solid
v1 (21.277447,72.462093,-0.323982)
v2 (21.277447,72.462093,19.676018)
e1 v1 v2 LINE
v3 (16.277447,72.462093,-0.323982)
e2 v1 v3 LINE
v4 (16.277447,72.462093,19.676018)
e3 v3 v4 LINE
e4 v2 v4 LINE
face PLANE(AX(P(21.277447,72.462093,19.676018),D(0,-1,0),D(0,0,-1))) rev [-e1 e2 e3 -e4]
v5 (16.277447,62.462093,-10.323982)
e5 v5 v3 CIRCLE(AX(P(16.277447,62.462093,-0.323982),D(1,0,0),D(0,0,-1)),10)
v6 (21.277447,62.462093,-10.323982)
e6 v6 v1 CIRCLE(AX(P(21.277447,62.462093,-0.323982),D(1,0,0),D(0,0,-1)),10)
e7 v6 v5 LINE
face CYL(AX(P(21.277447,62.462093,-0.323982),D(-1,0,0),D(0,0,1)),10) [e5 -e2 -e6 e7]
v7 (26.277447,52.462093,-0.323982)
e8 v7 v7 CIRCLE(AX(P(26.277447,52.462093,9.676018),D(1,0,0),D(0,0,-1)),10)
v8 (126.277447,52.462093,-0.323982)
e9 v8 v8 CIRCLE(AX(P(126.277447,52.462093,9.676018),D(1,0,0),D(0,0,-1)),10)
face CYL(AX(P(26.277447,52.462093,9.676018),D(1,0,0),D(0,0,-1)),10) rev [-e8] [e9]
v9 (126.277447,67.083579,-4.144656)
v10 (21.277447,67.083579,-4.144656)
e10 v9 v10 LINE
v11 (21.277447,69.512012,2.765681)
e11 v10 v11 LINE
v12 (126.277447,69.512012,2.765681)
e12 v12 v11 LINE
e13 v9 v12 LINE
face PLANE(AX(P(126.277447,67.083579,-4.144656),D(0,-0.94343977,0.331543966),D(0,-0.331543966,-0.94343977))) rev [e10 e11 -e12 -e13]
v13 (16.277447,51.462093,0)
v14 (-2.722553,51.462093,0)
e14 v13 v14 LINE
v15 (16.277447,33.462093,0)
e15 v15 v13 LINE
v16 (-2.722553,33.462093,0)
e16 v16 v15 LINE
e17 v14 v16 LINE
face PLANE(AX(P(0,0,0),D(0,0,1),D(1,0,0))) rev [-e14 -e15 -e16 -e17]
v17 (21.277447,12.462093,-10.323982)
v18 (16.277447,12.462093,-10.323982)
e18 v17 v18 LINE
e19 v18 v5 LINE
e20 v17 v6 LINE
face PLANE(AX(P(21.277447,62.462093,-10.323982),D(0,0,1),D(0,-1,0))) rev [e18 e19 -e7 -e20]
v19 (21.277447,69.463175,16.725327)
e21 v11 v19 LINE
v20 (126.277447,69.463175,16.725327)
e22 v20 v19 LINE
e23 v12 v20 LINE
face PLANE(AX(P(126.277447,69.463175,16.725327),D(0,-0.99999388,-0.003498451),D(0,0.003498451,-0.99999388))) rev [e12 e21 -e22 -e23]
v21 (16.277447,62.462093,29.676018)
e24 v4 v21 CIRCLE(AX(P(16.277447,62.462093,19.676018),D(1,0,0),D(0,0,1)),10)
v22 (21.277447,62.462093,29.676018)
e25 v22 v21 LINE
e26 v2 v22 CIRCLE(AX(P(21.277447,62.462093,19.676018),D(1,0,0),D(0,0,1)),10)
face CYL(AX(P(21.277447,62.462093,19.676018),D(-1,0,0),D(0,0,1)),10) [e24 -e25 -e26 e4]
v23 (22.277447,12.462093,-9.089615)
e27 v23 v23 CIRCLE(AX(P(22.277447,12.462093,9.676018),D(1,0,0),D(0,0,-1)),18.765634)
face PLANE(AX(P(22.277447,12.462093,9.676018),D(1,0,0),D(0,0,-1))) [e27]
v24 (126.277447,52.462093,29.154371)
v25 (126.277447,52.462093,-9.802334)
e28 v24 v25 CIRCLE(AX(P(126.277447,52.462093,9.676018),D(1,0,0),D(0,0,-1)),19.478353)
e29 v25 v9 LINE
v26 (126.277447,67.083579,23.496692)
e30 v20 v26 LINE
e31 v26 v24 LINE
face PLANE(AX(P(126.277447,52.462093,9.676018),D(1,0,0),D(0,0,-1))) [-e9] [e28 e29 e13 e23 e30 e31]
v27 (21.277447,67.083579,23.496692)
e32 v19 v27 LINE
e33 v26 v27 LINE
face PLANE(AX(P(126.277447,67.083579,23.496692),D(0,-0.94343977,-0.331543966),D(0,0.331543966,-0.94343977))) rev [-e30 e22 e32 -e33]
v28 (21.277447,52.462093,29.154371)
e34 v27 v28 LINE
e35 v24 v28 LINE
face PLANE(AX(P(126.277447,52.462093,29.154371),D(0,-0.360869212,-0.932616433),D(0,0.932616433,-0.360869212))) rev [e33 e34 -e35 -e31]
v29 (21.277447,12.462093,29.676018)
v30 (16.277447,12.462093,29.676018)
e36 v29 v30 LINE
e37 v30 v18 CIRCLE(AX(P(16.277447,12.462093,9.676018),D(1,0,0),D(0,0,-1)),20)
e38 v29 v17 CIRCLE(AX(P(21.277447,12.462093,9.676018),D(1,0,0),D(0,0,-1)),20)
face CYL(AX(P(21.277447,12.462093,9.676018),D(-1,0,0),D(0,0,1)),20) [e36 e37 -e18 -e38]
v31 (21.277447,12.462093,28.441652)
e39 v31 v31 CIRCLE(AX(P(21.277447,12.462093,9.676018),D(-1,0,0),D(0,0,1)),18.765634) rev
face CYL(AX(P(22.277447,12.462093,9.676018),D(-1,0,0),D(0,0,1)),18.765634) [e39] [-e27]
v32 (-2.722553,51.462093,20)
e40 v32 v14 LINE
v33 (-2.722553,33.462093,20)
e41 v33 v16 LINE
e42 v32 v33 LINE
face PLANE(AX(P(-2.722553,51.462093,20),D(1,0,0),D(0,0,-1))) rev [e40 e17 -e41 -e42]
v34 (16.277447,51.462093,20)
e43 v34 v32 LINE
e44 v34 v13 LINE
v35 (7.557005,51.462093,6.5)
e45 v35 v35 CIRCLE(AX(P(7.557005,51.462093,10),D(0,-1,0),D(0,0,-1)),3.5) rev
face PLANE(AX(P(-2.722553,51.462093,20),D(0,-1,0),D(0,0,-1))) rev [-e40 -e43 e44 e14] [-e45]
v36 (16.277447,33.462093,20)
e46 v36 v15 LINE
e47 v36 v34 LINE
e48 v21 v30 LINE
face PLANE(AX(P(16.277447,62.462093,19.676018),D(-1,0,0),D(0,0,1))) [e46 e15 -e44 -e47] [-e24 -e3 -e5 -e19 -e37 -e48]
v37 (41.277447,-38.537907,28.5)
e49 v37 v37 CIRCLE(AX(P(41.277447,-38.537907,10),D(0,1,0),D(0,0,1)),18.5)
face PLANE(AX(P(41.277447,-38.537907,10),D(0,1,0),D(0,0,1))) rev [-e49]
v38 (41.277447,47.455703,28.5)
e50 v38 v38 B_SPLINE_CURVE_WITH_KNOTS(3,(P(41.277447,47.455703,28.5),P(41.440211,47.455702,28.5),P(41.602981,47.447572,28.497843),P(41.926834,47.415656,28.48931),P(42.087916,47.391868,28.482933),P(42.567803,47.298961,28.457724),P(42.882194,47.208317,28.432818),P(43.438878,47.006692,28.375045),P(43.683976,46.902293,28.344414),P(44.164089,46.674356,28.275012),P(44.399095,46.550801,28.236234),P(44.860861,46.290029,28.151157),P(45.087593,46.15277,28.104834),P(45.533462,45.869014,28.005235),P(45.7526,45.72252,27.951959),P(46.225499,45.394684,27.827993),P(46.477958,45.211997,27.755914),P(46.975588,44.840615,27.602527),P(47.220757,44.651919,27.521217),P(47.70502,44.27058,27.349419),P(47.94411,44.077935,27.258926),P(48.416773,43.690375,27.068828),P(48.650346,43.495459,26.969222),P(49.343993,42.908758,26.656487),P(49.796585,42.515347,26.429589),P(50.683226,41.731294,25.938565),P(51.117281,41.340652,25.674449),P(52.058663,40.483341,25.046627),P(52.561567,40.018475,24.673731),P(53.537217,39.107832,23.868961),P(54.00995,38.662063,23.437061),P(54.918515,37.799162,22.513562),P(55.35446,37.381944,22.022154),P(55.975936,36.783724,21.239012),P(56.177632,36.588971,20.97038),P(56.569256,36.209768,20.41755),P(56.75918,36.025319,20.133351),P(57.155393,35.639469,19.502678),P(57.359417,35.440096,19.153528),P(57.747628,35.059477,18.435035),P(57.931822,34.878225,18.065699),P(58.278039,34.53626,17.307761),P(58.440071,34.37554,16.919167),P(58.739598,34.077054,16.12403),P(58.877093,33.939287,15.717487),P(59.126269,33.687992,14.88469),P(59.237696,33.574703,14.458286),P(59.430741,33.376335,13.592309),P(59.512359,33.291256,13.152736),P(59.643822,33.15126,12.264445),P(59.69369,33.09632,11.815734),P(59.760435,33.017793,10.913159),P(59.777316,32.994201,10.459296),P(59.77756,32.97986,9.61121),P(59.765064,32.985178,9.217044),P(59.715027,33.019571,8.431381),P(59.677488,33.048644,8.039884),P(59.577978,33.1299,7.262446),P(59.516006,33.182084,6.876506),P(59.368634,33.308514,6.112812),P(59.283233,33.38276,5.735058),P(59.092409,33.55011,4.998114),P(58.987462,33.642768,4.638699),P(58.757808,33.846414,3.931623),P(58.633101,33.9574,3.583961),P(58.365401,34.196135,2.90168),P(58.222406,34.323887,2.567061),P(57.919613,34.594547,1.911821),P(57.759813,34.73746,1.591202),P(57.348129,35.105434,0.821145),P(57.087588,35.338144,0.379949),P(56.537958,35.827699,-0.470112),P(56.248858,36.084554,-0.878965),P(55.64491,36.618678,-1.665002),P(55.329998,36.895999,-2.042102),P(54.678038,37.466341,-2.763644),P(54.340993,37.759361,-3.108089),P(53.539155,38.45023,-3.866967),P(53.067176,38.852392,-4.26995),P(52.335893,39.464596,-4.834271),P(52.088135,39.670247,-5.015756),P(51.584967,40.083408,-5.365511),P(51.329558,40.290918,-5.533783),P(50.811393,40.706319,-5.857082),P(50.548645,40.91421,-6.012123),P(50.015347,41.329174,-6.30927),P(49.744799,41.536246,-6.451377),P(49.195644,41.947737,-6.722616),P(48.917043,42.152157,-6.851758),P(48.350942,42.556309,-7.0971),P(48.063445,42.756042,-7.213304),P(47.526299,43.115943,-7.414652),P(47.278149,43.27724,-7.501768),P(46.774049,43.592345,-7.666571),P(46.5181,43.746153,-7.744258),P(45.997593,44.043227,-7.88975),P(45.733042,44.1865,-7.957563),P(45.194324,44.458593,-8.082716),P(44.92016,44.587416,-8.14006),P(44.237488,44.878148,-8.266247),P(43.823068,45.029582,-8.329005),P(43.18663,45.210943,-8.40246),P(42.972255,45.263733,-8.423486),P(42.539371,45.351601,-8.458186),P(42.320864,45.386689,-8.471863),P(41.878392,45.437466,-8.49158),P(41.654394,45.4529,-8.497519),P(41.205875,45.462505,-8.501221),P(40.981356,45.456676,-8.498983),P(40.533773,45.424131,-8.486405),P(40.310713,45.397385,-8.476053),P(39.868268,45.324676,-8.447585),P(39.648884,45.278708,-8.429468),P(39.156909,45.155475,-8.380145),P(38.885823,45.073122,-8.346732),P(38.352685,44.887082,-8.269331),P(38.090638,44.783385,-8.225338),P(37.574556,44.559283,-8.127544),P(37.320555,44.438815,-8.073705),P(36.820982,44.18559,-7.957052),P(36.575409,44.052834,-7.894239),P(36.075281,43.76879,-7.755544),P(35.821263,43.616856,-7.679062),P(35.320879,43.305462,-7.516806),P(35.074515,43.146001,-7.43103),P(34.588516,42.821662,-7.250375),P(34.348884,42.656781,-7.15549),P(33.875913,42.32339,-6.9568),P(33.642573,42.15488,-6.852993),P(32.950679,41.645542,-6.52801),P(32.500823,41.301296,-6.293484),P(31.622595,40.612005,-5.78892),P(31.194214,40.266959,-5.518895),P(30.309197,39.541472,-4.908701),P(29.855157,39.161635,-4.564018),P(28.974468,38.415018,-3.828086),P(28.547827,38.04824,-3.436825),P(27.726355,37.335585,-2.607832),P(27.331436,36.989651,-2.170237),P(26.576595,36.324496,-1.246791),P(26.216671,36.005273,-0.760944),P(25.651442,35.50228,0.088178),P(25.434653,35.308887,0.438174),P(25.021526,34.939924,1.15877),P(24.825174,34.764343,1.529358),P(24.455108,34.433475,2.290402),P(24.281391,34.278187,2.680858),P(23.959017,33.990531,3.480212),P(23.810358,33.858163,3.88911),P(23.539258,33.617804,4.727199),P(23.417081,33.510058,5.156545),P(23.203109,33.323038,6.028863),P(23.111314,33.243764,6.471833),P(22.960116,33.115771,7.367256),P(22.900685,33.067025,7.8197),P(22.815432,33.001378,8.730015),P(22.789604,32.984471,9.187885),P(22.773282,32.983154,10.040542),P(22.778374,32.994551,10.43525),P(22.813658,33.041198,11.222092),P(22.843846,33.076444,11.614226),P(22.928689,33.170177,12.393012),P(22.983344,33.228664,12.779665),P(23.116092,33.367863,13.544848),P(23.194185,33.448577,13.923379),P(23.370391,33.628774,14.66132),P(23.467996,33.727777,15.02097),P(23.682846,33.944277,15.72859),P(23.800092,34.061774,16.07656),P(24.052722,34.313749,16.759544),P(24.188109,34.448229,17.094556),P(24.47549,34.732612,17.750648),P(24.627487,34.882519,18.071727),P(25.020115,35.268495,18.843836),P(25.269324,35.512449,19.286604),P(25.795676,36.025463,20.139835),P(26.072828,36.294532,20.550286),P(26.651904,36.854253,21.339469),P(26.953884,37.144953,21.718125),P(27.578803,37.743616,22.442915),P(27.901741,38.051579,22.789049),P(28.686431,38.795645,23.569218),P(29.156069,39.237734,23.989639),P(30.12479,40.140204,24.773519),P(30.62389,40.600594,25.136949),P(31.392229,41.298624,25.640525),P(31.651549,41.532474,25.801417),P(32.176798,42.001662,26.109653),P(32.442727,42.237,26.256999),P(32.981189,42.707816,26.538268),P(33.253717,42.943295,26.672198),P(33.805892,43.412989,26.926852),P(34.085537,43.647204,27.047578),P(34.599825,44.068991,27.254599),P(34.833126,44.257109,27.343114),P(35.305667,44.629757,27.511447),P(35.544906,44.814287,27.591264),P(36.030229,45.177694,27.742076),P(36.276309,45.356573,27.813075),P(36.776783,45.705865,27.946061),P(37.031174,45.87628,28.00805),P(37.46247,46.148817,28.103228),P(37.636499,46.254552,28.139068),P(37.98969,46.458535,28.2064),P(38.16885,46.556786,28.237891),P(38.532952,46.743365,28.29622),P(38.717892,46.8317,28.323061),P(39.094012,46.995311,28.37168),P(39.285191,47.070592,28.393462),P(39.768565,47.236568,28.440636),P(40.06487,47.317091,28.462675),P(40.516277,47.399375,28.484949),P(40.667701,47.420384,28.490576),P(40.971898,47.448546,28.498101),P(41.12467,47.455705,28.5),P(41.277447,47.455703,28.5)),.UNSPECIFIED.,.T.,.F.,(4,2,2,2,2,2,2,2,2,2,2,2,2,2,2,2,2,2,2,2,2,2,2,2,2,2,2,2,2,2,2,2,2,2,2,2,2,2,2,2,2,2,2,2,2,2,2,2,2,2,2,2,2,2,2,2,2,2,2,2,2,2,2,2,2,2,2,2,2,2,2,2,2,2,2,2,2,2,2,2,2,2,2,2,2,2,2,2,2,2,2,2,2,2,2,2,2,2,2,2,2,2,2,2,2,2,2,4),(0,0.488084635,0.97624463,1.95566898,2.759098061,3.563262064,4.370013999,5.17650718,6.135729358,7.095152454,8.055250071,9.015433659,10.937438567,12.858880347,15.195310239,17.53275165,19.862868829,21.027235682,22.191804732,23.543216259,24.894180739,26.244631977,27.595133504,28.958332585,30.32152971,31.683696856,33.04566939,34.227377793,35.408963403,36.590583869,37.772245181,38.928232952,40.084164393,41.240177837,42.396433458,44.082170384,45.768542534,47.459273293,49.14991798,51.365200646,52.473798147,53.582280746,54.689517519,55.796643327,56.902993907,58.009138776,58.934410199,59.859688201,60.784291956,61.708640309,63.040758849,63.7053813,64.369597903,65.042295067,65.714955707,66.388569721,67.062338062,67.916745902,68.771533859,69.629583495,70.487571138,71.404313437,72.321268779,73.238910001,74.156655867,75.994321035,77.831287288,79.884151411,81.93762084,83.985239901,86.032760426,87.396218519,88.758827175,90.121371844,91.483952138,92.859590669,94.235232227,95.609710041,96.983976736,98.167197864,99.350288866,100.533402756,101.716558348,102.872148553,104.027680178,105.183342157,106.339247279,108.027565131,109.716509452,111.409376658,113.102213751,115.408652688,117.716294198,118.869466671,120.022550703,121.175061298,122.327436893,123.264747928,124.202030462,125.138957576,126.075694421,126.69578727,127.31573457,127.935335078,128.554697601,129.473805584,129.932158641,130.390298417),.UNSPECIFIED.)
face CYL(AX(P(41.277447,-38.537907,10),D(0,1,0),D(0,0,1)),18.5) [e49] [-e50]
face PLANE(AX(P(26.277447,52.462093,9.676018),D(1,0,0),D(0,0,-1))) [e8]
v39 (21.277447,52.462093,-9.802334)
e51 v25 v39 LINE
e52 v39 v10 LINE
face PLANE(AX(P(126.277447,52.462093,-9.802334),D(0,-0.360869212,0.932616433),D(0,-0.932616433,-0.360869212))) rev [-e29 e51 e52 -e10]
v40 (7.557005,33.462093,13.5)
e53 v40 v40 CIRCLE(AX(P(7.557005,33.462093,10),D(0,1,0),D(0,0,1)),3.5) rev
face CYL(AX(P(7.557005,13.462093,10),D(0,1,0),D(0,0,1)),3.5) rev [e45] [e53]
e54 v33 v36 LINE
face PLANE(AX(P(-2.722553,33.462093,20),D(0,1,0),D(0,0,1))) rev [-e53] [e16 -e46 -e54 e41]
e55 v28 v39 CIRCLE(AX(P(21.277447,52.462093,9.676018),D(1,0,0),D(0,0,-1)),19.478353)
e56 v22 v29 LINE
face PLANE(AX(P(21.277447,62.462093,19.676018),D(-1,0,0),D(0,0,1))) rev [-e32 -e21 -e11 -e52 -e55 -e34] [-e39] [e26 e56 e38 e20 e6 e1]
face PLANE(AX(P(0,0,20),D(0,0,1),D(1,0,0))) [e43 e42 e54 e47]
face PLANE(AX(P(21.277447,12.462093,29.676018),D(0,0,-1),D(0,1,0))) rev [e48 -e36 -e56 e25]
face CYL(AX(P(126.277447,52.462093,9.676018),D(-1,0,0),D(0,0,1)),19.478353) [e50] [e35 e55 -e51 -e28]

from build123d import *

# Parameters (mm, degrees)
SKETCH_1_W               = 19
SKETCH_1_H               = 18
EXTRUDE_1_DEPTH          = 20
EXTRUDE_2_DEPTH          = 5
SKETCH_4_R               = 18.765633517
EXTRUDE_4_DEPTH          = 1
EXTRUDE_5_DEPTH          = 105
SKETCH_12_R              = 18.5
EXTRUDE_13_DEPTH         = 90
SKETCH_13_R              = 3.5
CUT_EXTRUDE_2_DEPTH      = 20
CUT_EXTRUDE_2_DEPTH_BACK = 40
SKETCH_6_R               = 10
CUT_EXTRUDE_3_DEPTH      = 100


with BuildPart() as part:
    # 草图1 → 凸台-拉伸1 (new body)
    with BuildSketch(Plane.XY):
        with Locations((6.777447397, 42.462092888)):
            Rectangle(SKETCH_1_W, SKETCH_1_H)
    extrude(amount=EXTRUDE_1_DEPTH)

    # 草图2 → 凸台-拉伸2 (add)
    with BuildSketch(Plane(origin=(16.277447397, 0, 0), x_dir=(0, 0, -1), z_dir=(1, 0, 0))):
        with BuildLine():
            Line((-29.676018319, 12.462092888), (-29.676018319, 42.462092888))
            Line((-29.676018319, 42.462092888), (-29.676018319, 62.462092888))
            ThreePointArc((-29.676018319, 62.462092888), (-26.747086131, 69.5331607), (-19.676018319, 72.462092888))
            Line((-19.676018319, 72.462092888), (0.323981681, 72.462092888))
            ThreePointArc((0.323981681, 72.462092888), (7.395049493, 69.5331607), (10.323981681, 62.462092888))
            Line((10.323981681, 62.462092888), (10.323981681, 42.462092888))
            Line((10.323981681, 42.462092888), (10.323981681, 12.462092888))
            ThreePointArc((10.323981681, 12.462092888), (-9.676018319, -7.537907112), (-29.676018319, 12.462092888))
        make_face()
    extrude(amount=EXTRUDE_2_DEPTH)

    # 草图4 → 凸台-拉伸4 (add)
    with BuildSketch(Plane(origin=(21.277447397, 0, 0), x_dir=(0, 0, -1), z_dir=(1, 0, 0))):
        with Locations((-9.676018319, 12.462092888)):
            Circle(SKETCH_4_R)
    extrude(amount=EXTRUDE_4_DEPTH)

    # 草图5 → 凸台-拉伸5 (add)
    with BuildSketch(Plane(origin=(21.277447397, 0, 0), x_dir=(0, 0, -1), z_dir=(1, 0, 0))):
        with BuildLine():
            Line((-29.154370976, 52.462092888), (-23.49669222, 67.083579023))
            Line((-23.49669222, 67.083579023), (-16.725326826, 69.463174846))
            Line((-16.725326826, 69.463174846), (-2.765681369, 69.512012284))
            Line((-2.765681369, 69.512012284), (4.144655582, 67.083579023))
            Line((4.144655582, 67.083579023), (9.802334338, 52.462092888))
            ThreePointArc((9.802334338, 52.462092888), (-9.676018319, 32.983740231), (-29.154370976, 52.462092888))
        make_face()
    extrude(amount=EXTRUDE_5_DEPTH)

    # 草图12 → 凸台-拉伸13 (add)
    with BuildSketch(Plane(origin=(0, 51.462092888, 0), x_dir=(1, 0, 0), z_dir=(0, 1, 0))):
        with Locations((41.277447397, -10)):
            Circle(SKETCH_12_R)
    extrude(amount=-EXTRUDE_13_DEPTH)

    # 草图13 → 切除-拉伸2 (cut, two sides)
    with BuildSketch(Plane.XZ.offset(-33.462092888)) as cut_extrude_2_sk:
        with Locations((7.557005132, 10)):
            Circle(SKETCH_13_R)
    extrude(amount=CUT_EXTRUDE_2_DEPTH, mode=Mode.SUBTRACT)
    extrude(cut_extrude_2_sk.sketch, amount=-CUT_EXTRUDE_2_DEPTH_BACK, mode=Mode.SUBTRACT)

    # 草图6 → 切除-拉伸3 (cut)
    with BuildSketch(Plane(origin=(126.277447397, 0, 0), x_dir=(0, 0, -1), z_dir=(1, 0, 0))):
        with Locations((-9.676018319, 52.462092888)):
            Circle(SKETCH_6_R)
    extrude(amount=-CUT_EXTRUDE_3_DEPTH, mode=Mode.SUBTRACT)


solid = part.part
